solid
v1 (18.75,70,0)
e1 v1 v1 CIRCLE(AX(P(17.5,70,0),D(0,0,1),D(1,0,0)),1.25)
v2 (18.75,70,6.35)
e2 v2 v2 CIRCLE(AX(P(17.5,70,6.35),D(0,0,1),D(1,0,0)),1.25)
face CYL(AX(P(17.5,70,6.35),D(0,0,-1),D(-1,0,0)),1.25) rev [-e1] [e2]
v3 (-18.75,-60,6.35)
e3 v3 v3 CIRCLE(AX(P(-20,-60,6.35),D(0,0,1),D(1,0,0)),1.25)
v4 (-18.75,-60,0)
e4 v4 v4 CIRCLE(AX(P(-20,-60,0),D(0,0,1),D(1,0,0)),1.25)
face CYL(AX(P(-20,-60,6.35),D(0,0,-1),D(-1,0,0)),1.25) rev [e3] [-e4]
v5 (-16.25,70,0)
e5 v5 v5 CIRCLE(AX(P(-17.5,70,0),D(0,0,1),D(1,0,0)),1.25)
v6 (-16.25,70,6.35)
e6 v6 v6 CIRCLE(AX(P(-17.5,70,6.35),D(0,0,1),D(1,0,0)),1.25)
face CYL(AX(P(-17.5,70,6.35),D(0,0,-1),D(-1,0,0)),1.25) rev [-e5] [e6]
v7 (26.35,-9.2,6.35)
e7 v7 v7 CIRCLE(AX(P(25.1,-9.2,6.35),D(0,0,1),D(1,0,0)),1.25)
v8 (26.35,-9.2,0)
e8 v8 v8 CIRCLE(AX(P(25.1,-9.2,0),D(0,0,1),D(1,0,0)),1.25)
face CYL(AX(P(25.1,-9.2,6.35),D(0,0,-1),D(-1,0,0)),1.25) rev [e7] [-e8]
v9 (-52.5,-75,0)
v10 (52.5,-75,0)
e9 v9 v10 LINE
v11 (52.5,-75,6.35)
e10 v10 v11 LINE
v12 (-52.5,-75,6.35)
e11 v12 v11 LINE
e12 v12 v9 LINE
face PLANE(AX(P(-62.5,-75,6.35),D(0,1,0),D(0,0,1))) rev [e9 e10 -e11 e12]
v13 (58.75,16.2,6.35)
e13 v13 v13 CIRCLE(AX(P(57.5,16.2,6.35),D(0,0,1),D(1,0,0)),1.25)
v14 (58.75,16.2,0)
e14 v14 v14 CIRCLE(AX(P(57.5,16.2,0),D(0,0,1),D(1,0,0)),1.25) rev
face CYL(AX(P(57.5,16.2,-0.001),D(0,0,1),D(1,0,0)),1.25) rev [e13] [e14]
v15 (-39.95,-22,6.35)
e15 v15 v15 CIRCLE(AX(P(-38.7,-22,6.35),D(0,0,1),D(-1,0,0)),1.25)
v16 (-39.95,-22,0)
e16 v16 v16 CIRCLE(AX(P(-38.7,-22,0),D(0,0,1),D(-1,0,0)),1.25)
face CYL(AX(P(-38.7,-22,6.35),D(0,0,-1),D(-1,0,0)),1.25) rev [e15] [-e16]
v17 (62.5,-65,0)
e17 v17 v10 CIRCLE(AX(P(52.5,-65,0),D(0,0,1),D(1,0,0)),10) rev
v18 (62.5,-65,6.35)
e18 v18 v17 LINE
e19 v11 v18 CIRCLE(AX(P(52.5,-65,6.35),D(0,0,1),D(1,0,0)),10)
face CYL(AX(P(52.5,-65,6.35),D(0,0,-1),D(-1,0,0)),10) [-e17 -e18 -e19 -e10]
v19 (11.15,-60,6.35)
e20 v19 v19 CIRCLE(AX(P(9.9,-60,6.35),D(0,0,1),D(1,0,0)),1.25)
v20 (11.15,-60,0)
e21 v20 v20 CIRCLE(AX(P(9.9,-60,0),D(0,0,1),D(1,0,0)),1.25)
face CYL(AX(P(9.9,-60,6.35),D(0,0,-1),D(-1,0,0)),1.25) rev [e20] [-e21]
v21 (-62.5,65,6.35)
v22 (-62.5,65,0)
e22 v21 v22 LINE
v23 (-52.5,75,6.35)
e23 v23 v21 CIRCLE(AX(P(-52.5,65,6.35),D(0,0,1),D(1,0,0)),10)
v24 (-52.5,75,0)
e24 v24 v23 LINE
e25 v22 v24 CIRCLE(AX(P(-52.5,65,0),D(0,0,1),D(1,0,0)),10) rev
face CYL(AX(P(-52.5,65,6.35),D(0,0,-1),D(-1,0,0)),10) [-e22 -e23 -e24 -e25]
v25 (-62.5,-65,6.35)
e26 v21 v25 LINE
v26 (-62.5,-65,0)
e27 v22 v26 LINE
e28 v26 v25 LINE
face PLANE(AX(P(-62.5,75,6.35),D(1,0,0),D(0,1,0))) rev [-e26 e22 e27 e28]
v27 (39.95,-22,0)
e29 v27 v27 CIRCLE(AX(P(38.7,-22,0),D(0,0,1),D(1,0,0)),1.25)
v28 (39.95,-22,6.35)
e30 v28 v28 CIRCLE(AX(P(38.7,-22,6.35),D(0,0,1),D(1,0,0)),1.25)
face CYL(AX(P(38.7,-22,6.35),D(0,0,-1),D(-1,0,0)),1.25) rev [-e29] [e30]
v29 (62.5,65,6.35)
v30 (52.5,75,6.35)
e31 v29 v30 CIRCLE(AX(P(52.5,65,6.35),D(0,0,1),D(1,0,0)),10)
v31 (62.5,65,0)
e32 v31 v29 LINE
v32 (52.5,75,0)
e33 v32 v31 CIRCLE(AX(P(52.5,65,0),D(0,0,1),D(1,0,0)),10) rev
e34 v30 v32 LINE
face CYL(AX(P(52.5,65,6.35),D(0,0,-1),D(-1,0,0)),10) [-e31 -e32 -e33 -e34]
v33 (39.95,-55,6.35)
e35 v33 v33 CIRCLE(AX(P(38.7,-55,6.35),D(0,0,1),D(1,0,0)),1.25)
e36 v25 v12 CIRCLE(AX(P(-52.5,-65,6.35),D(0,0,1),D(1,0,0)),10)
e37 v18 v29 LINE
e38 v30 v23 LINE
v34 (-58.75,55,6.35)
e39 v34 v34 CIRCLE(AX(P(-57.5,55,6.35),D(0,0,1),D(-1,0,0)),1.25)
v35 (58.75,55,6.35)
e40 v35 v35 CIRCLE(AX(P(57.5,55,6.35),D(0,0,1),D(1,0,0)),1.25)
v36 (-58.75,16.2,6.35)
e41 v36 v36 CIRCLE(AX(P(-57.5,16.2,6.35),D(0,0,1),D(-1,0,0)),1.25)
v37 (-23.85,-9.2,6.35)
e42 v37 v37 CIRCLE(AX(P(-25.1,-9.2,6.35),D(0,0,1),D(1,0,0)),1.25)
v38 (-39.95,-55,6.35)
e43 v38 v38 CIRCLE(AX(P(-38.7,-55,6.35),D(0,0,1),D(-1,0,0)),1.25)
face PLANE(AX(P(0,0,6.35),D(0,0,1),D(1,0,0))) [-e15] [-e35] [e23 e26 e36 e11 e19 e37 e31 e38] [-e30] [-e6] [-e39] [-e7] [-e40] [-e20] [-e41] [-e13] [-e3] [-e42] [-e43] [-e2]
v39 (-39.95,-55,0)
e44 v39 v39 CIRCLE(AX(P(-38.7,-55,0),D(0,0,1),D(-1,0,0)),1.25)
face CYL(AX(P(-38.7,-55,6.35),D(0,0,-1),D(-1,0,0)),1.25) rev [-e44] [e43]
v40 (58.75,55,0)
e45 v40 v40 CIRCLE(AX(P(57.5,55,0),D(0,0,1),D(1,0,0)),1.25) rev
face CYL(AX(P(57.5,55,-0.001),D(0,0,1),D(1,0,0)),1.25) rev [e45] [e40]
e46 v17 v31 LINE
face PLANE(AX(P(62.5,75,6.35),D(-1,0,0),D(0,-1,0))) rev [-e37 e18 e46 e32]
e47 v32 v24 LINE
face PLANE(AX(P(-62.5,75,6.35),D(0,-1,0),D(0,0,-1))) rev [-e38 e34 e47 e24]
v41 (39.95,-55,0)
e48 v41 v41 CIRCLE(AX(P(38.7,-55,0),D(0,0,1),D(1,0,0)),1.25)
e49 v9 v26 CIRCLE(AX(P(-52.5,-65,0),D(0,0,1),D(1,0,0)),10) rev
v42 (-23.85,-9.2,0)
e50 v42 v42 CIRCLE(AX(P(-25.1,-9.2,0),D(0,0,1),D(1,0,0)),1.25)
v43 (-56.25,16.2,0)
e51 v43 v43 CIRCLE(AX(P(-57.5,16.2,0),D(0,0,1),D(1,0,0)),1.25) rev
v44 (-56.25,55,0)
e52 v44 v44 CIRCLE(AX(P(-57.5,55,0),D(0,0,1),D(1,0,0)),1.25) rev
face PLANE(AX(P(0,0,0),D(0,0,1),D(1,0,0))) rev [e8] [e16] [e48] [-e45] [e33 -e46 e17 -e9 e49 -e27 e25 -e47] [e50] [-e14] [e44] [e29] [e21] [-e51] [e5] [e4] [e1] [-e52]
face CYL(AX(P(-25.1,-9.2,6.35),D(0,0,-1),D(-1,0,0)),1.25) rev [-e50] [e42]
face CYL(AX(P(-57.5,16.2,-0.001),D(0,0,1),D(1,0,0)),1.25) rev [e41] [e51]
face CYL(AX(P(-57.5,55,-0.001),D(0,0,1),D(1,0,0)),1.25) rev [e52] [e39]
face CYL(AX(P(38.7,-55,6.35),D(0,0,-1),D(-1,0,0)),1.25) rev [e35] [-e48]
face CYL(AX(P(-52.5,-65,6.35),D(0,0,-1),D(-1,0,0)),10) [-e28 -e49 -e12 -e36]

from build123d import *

# Parameters (mm, degrees)
SKETCH1_W           = 125
SKETCH1_H           = 150
SKETCH1_R           = 1.25
BOSS_EXTRUDE1_DEPTH = 6.35
FILLET1_R           = 10
CUT_EXTRUDE1_REACH  = 8.35
SKETCH2_R           = 1.25


with BuildPart() as part:
    # Sketch1 → Boss-Extrude1 (new body)
    with BuildSketch(Plane.XY):
        Rectangle(SKETCH1_W, SKETCH1_H)
        with Locations((-25.1, -9.2)):
            Circle(SKETCH1_R, mode=Mode.SUBTRACT)
        with Locations((25.1, -9.2)):
            Circle(SKETCH1_R, mode=Mode.SUBTRACT)
        with Locations((-20, -60)):
            Circle(SKETCH1_R, mode=Mode.SUBTRACT)
        with Locations((9.9, -60)):
            Circle(SKETCH1_R, mode=Mode.SUBTRACT)
        with Locations((-17.5, 70)):
            Circle(SKETCH1_R, mode=Mode.SUBTRACT)
        with Locations((17.5, 70)):
            Circle(SKETCH1_R, mode=Mode.SUBTRACT)
        with Locations((38.7, -55)):
            Circle(SKETCH1_R, mode=Mode.SUBTRACT)
        with Locations((38.7, -22)):
            Circle(SKETCH1_R, mode=Mode.SUBTRACT)
        with Locations((-38.7, -22)):
            Circle(SKETCH1_R, mode=Mode.SUBTRACT)
        with Locations((-38.7, -55)):
            Circle(SKETCH1_R, mode=Mode.SUBTRACT)
    extrude(amount=BOSS_EXTRUDE1_DEPTH)

    # Fillet1
    fillet1_edges = [part.edges().sort_by_distance(p)[0] for p in [
        (62.5, -75, 3.175),
        (-62.5, -75, 3.175),
        (-62.5, 75, 3.175),
        (62.5, 75, 3.175),
    ]]
    fillet(fillet1_edges, radius=FILLET1_R)

    # Sketch2 → Cut-Extrude1 (cut, up to next)
    with BuildSketch(Plane.XY.offset(6.35), mode=Mode.PRIVATE) as cut_extrude1_sk1:
        with Locations((57.5, 55)):
            Circle(SKETCH2_R)
    cut_extrude1_tool1 = extrude(cut_extrude1_sk1.sketch, amount=-CUT_EXTRUDE1_REACH, mode=Mode.PRIVATE) & part.part
    add(cut_extrude1_tool1.solids().sort_by_distance((57.5, 55, 6.35))[0], mode=Mode.SUBTRACT)
    # Sketch2 → Cut-Extrude1 (cut, up to next)
    with BuildSketch(Plane.XY.offset(6.35), mode=Mode.PRIVATE) as cut_extrude1_sk2:
        with Locations((57.5, 16.2)):
            Circle(SKETCH2_R)
    cut_extrude1_tool2 = extrude(cut_extrude1_sk2.sketch, amount=-CUT_EXTRUDE1_REACH, mode=Mode.PRIVATE) & part.part
    add(cut_extrude1_tool2.solids().sort_by_distance((57.5, 16.2, 6.35))[0], mode=Mode.SUBTRACT)
    # Sketch2 → Cut-Extrude1 (cut, up to next)
    with BuildSketch(Plane.XY.offset(6.35), mode=Mode.PRIVATE) as cut_extrude1_sk3:
        with Locations((-57.5, 16.2)):
            Circle(SKETCH2_R)
    cut_extrude1_tool3 = extrude(cut_extrude1_sk3.sketch, amount=-CUT_EXTRUDE1_REACH, mode=Mode.PRIVATE) & part.part
    add(cut_extrude1_tool3.solids().sort_by_distance((-57.5, 16.2, 6.35))[0], mode=Mode.SUBTRACT)
    # Sketch2 → Cut-Extrude1 (cut, up to next)
    with BuildSketch(Plane.XY.offset(6.35), mode=Mode.PRIVATE) as cut_extrude1_sk4:
        with Locations((-57.5, 55)):
            Circle(SKETCH2_R)
    cut_extrude1_tool4 = extrude(cut_extrude1_sk4.sketch, amount=-CUT_EXTRUDE1_REACH, mode=Mode.PRIVATE) & part.part
    add(cut_extrude1_tool4.solids().sort_by_distance((-57.5, 55, 6.35))[0], mode=Mode.SUBTRACT)


solid = part.part
